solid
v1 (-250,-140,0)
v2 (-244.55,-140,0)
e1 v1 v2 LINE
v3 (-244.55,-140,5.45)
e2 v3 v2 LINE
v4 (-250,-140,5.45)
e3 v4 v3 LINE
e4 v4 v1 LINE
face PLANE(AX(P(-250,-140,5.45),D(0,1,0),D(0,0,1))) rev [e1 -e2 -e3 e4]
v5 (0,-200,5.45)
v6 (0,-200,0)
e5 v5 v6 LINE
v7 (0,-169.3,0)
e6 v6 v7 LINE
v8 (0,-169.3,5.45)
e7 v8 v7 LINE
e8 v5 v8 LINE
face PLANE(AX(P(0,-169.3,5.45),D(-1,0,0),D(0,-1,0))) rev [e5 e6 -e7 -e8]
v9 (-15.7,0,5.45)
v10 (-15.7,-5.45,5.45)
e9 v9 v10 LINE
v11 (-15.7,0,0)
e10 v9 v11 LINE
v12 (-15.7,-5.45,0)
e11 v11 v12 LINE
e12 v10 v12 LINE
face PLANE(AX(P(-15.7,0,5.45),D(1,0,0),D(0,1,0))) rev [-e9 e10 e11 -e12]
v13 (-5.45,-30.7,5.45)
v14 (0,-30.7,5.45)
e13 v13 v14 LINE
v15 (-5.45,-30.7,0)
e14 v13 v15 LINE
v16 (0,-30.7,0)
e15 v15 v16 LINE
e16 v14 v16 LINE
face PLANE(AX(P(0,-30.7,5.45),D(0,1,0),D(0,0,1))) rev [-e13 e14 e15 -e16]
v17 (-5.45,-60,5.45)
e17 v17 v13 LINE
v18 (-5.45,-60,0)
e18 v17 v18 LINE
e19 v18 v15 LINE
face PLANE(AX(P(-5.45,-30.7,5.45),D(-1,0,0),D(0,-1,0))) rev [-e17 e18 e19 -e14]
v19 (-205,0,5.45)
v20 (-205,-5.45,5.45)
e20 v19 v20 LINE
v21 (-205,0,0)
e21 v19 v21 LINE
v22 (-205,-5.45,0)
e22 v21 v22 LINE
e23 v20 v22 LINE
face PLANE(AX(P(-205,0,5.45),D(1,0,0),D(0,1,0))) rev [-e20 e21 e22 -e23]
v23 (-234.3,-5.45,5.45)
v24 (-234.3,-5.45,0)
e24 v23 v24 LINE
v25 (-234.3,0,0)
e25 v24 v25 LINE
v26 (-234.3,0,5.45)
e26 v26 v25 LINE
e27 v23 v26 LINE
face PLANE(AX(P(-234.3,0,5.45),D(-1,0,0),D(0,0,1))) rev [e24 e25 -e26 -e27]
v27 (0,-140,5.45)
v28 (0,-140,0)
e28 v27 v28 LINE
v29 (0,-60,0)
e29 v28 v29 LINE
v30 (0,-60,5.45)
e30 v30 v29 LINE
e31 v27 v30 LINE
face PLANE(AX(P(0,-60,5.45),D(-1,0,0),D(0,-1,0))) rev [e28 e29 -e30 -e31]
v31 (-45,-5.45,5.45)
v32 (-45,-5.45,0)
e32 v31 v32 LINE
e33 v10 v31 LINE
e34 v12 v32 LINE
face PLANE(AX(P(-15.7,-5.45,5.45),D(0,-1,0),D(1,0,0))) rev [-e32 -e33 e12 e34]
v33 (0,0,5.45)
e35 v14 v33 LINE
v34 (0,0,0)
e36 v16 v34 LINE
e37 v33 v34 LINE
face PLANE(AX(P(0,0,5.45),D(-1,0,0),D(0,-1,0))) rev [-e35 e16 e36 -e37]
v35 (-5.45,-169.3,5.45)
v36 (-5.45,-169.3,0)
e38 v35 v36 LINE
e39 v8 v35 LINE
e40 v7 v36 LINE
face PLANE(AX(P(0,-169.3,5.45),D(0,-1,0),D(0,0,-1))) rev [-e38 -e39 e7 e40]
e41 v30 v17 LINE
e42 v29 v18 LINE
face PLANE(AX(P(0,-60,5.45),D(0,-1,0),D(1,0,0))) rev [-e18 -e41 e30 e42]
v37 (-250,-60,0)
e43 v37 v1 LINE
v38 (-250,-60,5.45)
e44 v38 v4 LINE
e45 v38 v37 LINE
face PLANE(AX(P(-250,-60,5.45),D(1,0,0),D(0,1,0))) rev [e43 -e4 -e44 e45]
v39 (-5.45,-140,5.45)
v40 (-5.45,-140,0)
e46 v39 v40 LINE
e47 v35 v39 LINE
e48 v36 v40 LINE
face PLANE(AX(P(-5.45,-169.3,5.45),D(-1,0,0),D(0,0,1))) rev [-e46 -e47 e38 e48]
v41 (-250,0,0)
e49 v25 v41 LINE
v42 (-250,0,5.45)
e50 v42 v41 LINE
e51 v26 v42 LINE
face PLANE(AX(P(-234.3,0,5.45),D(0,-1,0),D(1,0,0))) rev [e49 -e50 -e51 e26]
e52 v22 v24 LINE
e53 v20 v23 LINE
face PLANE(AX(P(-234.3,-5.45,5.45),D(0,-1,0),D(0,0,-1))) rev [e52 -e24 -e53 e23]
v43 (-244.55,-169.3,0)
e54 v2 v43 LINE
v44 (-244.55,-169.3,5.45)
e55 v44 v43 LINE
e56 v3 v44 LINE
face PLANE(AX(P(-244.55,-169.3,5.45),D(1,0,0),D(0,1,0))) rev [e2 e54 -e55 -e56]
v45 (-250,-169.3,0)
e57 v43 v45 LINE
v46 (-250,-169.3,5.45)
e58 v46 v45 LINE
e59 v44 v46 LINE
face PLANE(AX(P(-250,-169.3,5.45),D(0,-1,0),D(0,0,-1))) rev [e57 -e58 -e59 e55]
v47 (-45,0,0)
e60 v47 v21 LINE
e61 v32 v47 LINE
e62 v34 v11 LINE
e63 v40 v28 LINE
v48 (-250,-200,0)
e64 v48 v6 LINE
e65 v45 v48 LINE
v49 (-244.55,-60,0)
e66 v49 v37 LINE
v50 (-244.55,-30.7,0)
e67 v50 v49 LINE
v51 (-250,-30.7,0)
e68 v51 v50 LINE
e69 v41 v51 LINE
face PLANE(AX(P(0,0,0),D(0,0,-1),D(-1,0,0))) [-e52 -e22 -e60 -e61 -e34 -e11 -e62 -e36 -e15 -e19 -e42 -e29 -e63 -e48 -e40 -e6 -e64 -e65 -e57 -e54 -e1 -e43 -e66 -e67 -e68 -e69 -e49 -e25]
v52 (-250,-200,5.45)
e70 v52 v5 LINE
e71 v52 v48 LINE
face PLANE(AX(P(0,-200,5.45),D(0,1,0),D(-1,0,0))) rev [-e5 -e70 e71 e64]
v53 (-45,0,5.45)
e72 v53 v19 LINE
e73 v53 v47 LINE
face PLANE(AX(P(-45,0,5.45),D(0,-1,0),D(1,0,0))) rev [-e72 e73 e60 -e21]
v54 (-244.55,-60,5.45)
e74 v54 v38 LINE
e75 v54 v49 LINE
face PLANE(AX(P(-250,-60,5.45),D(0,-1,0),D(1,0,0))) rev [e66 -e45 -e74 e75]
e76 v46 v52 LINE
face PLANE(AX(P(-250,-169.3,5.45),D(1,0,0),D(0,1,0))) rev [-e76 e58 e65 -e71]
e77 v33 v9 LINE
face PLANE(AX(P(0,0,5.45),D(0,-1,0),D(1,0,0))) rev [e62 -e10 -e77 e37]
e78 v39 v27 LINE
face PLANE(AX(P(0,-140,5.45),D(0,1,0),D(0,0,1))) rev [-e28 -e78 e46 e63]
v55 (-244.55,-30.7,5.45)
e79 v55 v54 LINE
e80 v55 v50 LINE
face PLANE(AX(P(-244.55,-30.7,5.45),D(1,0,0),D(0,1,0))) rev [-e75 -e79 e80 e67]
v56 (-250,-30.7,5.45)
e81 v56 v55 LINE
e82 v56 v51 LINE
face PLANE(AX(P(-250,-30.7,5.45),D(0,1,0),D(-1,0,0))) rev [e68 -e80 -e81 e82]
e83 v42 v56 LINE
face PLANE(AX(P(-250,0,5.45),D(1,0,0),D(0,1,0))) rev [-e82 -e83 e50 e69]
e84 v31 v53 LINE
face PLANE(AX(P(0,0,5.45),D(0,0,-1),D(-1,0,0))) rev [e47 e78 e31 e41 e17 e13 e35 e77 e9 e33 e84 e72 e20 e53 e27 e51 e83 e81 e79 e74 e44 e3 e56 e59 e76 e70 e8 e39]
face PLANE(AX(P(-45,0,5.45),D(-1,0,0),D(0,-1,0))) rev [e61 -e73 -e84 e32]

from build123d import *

# Parameters (mm, degrees)
EXTRUDE_1_DEPTH = 5.45


with BuildPart() as part:
    # Эскиз1 → Бобышка-Вытянуть1 (new body)
    with BuildSketch(Plane.XY):
        Polygon((-234.3, 0), (-250, 0), (-250, -30.7), (-244.55, -30.7), (-244.55, -60), (-250, -60), (-250, -140), (-244.55, -140), (-244.55, -169.3), (-250, -169.3), (-250, -200), (0, -200), (0, -169.3), (-5.45, -169.3), (-5.45, -140), (0, -140), (0, -60), (-5.45, -60), (-5.45, -30.7), (0, -30.7), (0, 0), (-15.7, 0), (-15.7, -5.45), (-45, -5.45), (-45, 0), (-205, 0), (-205, -5.45), (-234.3, -5.45), align=None)
    extrude(amount=EXTRUDE_1_DEPTH)


solid = part.part
